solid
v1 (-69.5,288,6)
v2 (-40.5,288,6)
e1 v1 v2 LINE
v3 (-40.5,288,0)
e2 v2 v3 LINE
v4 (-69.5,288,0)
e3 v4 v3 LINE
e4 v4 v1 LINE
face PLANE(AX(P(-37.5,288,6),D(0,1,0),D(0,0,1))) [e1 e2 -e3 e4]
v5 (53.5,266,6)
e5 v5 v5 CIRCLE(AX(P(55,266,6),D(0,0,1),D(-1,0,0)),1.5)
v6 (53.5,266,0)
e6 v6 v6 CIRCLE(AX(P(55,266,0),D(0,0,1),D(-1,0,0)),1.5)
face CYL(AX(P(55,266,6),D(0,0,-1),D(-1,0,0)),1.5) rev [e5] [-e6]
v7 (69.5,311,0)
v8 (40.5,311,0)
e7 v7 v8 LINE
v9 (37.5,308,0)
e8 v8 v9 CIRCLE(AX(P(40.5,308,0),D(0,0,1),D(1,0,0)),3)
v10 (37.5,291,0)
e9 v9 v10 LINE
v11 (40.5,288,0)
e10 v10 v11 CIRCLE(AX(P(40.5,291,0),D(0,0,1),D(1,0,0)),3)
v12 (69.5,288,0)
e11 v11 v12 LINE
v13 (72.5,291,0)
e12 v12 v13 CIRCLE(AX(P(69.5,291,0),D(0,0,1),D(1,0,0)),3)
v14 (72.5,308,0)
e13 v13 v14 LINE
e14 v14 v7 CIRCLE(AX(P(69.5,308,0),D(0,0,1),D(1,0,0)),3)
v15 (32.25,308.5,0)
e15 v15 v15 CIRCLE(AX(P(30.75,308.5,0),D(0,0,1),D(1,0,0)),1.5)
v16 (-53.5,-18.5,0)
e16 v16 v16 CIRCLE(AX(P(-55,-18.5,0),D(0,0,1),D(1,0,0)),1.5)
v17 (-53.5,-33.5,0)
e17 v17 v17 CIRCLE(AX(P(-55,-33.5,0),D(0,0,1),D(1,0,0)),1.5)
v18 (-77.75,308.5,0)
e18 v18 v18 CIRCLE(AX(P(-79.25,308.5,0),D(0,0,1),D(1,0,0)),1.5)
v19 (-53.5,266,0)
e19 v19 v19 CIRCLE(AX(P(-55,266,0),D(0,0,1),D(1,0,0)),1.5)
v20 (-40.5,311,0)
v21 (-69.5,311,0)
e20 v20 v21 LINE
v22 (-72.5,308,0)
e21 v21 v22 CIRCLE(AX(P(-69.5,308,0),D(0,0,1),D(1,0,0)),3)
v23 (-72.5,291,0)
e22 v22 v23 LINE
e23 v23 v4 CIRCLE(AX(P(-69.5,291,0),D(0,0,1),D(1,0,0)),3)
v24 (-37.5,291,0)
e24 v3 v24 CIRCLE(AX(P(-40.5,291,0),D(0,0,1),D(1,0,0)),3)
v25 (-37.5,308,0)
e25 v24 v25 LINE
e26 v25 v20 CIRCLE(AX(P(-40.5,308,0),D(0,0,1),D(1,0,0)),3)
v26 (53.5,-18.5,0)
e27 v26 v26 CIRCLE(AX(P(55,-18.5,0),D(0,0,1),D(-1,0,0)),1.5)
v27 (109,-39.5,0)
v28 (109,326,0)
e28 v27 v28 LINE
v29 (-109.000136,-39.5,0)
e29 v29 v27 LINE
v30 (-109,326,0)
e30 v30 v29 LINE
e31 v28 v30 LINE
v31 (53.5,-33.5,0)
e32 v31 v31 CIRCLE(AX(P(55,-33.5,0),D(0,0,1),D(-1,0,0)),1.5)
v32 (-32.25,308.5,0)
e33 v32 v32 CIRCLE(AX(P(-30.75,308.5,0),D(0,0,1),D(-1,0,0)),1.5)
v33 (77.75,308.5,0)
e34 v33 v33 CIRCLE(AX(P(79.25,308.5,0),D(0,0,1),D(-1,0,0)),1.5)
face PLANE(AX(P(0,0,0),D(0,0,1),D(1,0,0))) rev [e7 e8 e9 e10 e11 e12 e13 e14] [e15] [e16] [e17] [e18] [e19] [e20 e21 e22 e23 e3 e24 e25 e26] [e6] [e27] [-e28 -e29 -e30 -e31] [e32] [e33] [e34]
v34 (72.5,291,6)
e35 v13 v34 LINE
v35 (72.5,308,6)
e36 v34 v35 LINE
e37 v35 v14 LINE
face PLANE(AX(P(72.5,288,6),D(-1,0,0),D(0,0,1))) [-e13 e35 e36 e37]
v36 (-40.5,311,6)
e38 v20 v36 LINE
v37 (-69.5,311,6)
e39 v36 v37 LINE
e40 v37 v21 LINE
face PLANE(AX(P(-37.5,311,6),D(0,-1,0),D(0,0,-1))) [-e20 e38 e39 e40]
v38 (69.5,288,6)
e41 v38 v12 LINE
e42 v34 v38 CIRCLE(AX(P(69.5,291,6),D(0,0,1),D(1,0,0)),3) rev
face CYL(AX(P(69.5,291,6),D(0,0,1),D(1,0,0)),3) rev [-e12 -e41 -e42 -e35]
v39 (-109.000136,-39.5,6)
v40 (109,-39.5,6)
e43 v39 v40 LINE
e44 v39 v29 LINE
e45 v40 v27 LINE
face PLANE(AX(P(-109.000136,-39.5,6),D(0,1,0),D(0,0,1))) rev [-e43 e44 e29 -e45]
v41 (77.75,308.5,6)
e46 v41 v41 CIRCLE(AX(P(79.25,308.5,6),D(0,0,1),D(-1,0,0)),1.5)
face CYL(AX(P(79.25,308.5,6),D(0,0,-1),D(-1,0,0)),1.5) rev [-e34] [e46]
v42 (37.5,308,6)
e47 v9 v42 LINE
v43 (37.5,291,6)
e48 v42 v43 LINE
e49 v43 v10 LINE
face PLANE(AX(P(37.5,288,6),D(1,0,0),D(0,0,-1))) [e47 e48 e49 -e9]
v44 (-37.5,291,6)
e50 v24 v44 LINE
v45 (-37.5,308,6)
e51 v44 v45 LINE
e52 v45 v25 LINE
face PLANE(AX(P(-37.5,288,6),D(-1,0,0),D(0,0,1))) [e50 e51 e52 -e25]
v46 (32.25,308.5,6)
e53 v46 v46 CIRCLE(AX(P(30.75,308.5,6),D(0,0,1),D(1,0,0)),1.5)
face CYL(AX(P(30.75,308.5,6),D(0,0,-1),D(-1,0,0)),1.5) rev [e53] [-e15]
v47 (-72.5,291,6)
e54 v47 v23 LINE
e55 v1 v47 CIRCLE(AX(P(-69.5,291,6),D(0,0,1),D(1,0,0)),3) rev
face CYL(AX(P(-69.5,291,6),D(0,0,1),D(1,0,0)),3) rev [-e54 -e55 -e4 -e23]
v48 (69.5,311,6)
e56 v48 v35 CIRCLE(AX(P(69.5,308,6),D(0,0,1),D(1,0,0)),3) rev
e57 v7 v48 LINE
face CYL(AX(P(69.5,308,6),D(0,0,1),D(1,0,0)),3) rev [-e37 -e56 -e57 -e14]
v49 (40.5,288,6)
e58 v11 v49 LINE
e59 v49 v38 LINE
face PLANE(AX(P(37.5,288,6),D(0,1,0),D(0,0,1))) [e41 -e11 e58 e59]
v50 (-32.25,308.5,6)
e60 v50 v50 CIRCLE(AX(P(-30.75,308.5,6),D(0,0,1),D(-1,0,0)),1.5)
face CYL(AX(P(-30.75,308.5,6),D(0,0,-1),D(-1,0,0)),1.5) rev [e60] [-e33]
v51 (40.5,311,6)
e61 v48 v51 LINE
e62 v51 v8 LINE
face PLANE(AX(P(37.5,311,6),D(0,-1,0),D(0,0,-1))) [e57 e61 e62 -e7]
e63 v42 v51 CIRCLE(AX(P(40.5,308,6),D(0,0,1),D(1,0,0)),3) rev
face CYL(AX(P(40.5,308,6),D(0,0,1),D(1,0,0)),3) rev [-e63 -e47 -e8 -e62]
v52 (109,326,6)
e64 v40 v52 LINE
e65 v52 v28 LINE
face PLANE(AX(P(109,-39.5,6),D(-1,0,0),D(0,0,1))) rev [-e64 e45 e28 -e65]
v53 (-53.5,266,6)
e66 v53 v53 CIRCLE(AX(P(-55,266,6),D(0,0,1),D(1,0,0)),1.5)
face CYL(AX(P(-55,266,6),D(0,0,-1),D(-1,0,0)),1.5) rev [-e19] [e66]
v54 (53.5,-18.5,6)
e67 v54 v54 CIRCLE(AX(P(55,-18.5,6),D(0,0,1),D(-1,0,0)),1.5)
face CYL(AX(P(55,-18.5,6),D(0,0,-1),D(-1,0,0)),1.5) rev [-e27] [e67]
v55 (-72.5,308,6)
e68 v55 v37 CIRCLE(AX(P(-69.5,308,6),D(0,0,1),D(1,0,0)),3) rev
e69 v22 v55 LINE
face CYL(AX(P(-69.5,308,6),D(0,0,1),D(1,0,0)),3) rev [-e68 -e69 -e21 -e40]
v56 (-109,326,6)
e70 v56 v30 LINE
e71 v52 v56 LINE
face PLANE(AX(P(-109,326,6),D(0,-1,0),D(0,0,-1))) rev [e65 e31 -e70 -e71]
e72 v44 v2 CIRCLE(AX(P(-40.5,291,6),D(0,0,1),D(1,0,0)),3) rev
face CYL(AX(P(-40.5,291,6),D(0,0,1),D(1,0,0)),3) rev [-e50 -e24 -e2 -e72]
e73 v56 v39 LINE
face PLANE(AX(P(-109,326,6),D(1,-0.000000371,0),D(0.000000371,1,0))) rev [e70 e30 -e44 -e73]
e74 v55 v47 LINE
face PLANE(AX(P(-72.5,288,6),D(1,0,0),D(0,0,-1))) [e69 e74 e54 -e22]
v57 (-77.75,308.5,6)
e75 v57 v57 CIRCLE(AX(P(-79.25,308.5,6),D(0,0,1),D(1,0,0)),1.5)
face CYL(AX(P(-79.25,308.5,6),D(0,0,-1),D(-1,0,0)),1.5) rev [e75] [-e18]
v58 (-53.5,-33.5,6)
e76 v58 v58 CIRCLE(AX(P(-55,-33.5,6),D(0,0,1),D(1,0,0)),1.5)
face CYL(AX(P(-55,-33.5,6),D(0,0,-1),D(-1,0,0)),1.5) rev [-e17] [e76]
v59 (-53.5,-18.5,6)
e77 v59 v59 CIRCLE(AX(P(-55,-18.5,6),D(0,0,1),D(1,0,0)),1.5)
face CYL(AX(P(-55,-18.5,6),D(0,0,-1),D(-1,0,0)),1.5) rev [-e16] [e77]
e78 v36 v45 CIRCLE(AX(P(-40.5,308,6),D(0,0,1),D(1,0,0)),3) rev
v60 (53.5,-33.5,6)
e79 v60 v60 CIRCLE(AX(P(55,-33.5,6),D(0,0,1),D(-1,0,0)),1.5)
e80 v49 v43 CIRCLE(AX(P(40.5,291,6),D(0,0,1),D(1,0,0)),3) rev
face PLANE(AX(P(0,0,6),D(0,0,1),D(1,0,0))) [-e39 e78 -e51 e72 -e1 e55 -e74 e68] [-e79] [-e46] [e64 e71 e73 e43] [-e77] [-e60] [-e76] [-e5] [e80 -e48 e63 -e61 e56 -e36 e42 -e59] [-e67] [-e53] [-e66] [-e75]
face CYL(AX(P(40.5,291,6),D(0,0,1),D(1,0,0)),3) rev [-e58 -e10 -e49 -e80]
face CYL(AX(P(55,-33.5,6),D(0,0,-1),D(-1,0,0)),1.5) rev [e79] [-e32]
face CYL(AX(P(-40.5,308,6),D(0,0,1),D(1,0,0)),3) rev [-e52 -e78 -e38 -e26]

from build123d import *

# Parameters (mm, degrees)
SKETCH_1_R      = 1.5
SKETCH_1_W      = 35
SKETCH_1_H      = 23
EXTRUDE_1_DEPTH = 6
FILLET_1_R      = 3


with BuildPart() as part:
    # Эскиз1 → Бобышка-Вытянуть1 (new body)
    with BuildSketch(Plane.XY):
        Polygon((-109, 326), (109, 326), (109, -39.5), (-109.000135664, -39.5), align=None)
        with Locations((-55, -33.5)):
            Circle(SKETCH_1_R, mode=Mode.SUBTRACT)
        with Locations((-55, -18.5)):
            Circle(SKETCH_1_R, mode=Mode.SUBTRACT)
        with Locations(Location((55, -18.5, 0), (0, 0, 180))):
            Circle(SKETCH_1_R, mode=Mode.SUBTRACT)
        with Locations(Location((55, -33.5, 0), (0, 0, 180))):
            Circle(SKETCH_1_R, mode=Mode.SUBTRACT)
        with Locations((-79.25, 308.5)):
            Circle(SKETCH_1_R, mode=Mode.SUBTRACT)
        with Locations((-55, 266)):
            Circle(SKETCH_1_R, mode=Mode.SUBTRACT)
        with Locations(Location((-30.75, 308.5, 0), (0, 0, 180))):
            Circle(SKETCH_1_R, mode=Mode.SUBTRACT)
        with Locations((30.75, 308.5)):
            Circle(SKETCH_1_R, mode=Mode.SUBTRACT)
        with Locations(Location((55, 266, 0), (0, 0, 180))):
            Circle(SKETCH_1_R, mode=Mode.SUBTRACT)
        with Locations(Location((79.25, 308.5, 0), (0, 0, 180))):
            Circle(SKETCH_1_R, mode=Mode.SUBTRACT)
        with Locations((55, 299.5)):
            Rectangle(SKETCH_1_W, SKETCH_1_H, mode=Mode.SUBTRACT)
        with Locations((-55, 299.5)):
            Rectangle(SKETCH_1_W, SKETCH_1_H, mode=Mode.SUBTRACT)
    extrude(amount=EXTRUDE_1_DEPTH)

    # Скругление1
    fillet_1_edges = [part.edges().sort_by_distance(p)[0] for p in [
        (-72.5, 311, 3),
        (-72.5, 288, 3),
        (-37.5, 288, 3),
        (-37.5, 311, 3),
        (37.5, 288, 3),
        (72.5, 288, 3),
        (72.5, 311, 3),
        (37.5, 311, 3),
    ]]
    fillet(fillet_1_edges, radius=FILLET_1_R)


solid = part.part
